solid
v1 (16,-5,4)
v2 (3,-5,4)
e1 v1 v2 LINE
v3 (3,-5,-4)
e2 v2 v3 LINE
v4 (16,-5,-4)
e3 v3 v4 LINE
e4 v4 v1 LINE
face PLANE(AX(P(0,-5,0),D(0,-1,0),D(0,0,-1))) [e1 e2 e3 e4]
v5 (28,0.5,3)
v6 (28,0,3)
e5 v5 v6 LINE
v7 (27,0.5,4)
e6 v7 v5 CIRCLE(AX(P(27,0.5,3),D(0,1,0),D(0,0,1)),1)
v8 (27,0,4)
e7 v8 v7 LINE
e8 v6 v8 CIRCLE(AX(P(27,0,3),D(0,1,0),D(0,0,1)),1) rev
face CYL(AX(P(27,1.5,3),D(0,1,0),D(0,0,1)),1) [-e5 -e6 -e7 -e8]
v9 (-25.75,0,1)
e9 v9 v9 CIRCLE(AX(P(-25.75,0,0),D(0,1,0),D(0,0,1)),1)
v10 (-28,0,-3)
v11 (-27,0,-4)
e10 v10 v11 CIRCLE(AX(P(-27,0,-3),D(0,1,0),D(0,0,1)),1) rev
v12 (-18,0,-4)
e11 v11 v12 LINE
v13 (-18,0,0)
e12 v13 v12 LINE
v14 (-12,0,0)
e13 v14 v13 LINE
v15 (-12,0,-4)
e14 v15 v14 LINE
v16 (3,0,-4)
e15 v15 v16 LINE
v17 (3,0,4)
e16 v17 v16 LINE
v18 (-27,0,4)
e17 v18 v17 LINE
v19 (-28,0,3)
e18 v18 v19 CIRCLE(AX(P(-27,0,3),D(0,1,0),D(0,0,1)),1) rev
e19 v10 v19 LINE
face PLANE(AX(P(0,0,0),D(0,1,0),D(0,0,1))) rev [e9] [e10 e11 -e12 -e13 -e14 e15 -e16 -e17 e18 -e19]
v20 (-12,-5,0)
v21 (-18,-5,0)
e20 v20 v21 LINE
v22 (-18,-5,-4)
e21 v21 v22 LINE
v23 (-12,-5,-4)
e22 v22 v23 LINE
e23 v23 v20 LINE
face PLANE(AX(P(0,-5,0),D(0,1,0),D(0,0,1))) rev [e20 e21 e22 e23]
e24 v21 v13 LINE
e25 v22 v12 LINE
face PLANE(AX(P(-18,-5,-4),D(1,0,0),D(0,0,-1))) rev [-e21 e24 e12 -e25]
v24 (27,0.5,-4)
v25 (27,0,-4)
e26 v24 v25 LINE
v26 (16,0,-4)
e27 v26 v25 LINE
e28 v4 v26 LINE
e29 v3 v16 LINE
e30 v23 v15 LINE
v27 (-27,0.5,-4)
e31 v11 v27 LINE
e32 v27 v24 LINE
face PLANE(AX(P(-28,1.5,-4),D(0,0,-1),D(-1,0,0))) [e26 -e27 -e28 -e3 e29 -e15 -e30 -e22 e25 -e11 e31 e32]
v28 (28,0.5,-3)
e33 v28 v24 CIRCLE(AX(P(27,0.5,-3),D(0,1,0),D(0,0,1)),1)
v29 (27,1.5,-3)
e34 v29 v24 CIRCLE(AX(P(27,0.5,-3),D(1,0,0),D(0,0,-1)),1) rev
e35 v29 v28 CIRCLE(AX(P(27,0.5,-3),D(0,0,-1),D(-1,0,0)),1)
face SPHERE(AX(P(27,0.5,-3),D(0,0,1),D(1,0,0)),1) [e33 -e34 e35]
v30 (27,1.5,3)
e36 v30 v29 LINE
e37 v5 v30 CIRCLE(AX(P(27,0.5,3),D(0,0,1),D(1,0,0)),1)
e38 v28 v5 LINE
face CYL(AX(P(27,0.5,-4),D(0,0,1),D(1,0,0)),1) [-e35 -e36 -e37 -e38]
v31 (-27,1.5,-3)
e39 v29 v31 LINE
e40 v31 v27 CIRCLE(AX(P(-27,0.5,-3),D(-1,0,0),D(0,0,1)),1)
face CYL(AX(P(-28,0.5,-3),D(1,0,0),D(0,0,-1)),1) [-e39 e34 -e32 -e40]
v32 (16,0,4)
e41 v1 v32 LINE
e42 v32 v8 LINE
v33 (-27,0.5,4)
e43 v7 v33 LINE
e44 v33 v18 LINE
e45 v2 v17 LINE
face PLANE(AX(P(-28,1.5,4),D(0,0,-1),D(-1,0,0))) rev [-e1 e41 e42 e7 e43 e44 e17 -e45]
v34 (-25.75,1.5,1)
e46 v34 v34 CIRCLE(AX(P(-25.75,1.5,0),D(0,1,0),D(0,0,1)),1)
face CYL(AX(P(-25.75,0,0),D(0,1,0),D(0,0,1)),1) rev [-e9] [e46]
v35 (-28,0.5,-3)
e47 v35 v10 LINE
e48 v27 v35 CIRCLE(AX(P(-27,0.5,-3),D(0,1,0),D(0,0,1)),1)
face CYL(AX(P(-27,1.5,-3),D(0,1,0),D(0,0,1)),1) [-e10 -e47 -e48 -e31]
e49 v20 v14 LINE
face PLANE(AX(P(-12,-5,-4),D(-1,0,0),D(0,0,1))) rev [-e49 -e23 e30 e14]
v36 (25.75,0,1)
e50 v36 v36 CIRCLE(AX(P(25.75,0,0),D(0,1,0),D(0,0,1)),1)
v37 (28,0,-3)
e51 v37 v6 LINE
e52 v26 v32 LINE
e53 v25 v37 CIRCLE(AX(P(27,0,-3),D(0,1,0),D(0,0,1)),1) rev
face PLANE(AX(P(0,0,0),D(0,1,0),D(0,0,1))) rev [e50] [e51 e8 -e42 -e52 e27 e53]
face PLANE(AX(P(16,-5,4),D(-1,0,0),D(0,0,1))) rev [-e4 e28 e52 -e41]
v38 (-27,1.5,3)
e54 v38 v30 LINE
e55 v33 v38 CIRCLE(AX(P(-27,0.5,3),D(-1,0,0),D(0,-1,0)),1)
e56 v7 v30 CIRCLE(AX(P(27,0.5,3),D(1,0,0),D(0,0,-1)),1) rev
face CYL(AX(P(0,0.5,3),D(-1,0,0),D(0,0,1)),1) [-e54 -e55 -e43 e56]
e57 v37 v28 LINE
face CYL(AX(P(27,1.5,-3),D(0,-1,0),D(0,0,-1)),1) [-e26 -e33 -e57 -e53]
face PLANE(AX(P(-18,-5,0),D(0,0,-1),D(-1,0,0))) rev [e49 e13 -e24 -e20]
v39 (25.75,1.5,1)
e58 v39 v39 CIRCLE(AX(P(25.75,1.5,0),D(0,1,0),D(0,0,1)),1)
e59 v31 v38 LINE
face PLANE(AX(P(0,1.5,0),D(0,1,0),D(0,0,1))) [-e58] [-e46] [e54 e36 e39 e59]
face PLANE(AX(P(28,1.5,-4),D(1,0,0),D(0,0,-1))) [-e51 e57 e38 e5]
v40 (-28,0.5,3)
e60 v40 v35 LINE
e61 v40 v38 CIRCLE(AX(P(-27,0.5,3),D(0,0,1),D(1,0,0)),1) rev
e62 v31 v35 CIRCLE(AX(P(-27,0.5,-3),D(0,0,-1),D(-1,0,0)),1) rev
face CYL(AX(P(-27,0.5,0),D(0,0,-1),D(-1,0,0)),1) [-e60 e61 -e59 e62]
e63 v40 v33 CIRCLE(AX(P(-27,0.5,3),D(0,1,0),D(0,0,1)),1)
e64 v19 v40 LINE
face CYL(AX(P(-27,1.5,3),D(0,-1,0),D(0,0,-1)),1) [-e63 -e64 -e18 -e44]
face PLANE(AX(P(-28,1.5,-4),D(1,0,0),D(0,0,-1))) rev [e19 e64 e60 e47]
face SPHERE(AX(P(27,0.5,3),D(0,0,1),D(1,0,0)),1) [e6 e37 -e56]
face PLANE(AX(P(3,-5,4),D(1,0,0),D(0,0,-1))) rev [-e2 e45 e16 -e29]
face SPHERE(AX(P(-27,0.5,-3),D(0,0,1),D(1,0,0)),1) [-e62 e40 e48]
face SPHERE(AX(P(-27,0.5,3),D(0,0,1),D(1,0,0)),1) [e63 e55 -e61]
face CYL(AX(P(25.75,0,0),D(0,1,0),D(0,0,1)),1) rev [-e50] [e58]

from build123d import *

# Parameters (mm, degrees)
SKETCH1_W               = 56
SKETCH1_H               = 8
BOSS_EXTRUDE1_DEPTH     = 1.5
CUT_EXTRUDE1_DEPTH      = 29.324018077
CUT_EXTRUDE1_DEPTH_BACK = 29.324018077
SKETCH2_R               = 1
FILLET1_R               = 1
SKETCH3_W               = 13
SKETCH3_H               = 8
SKETCH3_W_2             = 6
SKETCH3_H_2             = 4
BOSS_EXTRUDE2_DEPTH     = 5


with BuildPart() as part:
    # Sketch1 → Boss-Extrude1 (new body)
    with BuildSketch(Plane(origin=(0, 0, 0), x_dir=(1, 0, 0), z_dir=(0, 1, 0))):
        Rectangle(SKETCH1_W, SKETCH1_H)
    extrude(amount=BOSS_EXTRUDE1_DEPTH)

    # Sketch2 → Cut-Extrude1 (cut, two sides: drawn at the far end of the back side and taken through both)
    with BuildSketch(Plane(origin=(0, 1.5, 0), x_dir=(1, 0, 0), z_dir=(0, 1, 0)).offset(-CUT_EXTRUDE1_DEPTH_BACK)):
        with Locations(Location((-25.75, 0, 0), (0, 0, 270))):
            Circle(SKETCH2_R)
        with Locations(Location((25.75, 0, 0), (0, 0, 270))):
            Circle(SKETCH2_R)
    extrude(amount=CUT_EXTRUDE1_DEPTH + CUT_EXTRUDE1_DEPTH_BACK, mode=Mode.SUBTRACT)

    # Fillet1
    fillet1_edges = [part.edges().sort_by_distance(p)[0] for p in [
        (28, 1.5, 0),
        (0, 1.5, -4),
        (-28, 1.5, 0),
        (-28, 0.75, -4),
        (28, 0.75, -4),
        (28, 0.75, 4),
        (-28, 0.75, 4),
        (0, 1.5, 4),
    ]]
    fillet(fillet1_edges, radius=FILLET1_R)

    # Sketch3 → Boss-Extrude2 (add)
    with BuildSketch(Plane.XZ):
        with Locations((9.5, 0)):
            Rectangle(SKETCH3_W, SKETCH3_H)
        with Locations((-15, -2)):
            Rectangle(SKETCH3_W_2, SKETCH3_H_2)
    extrude(amount=BOSS_EXTRUDE2_DEPTH)


solid = part.part
